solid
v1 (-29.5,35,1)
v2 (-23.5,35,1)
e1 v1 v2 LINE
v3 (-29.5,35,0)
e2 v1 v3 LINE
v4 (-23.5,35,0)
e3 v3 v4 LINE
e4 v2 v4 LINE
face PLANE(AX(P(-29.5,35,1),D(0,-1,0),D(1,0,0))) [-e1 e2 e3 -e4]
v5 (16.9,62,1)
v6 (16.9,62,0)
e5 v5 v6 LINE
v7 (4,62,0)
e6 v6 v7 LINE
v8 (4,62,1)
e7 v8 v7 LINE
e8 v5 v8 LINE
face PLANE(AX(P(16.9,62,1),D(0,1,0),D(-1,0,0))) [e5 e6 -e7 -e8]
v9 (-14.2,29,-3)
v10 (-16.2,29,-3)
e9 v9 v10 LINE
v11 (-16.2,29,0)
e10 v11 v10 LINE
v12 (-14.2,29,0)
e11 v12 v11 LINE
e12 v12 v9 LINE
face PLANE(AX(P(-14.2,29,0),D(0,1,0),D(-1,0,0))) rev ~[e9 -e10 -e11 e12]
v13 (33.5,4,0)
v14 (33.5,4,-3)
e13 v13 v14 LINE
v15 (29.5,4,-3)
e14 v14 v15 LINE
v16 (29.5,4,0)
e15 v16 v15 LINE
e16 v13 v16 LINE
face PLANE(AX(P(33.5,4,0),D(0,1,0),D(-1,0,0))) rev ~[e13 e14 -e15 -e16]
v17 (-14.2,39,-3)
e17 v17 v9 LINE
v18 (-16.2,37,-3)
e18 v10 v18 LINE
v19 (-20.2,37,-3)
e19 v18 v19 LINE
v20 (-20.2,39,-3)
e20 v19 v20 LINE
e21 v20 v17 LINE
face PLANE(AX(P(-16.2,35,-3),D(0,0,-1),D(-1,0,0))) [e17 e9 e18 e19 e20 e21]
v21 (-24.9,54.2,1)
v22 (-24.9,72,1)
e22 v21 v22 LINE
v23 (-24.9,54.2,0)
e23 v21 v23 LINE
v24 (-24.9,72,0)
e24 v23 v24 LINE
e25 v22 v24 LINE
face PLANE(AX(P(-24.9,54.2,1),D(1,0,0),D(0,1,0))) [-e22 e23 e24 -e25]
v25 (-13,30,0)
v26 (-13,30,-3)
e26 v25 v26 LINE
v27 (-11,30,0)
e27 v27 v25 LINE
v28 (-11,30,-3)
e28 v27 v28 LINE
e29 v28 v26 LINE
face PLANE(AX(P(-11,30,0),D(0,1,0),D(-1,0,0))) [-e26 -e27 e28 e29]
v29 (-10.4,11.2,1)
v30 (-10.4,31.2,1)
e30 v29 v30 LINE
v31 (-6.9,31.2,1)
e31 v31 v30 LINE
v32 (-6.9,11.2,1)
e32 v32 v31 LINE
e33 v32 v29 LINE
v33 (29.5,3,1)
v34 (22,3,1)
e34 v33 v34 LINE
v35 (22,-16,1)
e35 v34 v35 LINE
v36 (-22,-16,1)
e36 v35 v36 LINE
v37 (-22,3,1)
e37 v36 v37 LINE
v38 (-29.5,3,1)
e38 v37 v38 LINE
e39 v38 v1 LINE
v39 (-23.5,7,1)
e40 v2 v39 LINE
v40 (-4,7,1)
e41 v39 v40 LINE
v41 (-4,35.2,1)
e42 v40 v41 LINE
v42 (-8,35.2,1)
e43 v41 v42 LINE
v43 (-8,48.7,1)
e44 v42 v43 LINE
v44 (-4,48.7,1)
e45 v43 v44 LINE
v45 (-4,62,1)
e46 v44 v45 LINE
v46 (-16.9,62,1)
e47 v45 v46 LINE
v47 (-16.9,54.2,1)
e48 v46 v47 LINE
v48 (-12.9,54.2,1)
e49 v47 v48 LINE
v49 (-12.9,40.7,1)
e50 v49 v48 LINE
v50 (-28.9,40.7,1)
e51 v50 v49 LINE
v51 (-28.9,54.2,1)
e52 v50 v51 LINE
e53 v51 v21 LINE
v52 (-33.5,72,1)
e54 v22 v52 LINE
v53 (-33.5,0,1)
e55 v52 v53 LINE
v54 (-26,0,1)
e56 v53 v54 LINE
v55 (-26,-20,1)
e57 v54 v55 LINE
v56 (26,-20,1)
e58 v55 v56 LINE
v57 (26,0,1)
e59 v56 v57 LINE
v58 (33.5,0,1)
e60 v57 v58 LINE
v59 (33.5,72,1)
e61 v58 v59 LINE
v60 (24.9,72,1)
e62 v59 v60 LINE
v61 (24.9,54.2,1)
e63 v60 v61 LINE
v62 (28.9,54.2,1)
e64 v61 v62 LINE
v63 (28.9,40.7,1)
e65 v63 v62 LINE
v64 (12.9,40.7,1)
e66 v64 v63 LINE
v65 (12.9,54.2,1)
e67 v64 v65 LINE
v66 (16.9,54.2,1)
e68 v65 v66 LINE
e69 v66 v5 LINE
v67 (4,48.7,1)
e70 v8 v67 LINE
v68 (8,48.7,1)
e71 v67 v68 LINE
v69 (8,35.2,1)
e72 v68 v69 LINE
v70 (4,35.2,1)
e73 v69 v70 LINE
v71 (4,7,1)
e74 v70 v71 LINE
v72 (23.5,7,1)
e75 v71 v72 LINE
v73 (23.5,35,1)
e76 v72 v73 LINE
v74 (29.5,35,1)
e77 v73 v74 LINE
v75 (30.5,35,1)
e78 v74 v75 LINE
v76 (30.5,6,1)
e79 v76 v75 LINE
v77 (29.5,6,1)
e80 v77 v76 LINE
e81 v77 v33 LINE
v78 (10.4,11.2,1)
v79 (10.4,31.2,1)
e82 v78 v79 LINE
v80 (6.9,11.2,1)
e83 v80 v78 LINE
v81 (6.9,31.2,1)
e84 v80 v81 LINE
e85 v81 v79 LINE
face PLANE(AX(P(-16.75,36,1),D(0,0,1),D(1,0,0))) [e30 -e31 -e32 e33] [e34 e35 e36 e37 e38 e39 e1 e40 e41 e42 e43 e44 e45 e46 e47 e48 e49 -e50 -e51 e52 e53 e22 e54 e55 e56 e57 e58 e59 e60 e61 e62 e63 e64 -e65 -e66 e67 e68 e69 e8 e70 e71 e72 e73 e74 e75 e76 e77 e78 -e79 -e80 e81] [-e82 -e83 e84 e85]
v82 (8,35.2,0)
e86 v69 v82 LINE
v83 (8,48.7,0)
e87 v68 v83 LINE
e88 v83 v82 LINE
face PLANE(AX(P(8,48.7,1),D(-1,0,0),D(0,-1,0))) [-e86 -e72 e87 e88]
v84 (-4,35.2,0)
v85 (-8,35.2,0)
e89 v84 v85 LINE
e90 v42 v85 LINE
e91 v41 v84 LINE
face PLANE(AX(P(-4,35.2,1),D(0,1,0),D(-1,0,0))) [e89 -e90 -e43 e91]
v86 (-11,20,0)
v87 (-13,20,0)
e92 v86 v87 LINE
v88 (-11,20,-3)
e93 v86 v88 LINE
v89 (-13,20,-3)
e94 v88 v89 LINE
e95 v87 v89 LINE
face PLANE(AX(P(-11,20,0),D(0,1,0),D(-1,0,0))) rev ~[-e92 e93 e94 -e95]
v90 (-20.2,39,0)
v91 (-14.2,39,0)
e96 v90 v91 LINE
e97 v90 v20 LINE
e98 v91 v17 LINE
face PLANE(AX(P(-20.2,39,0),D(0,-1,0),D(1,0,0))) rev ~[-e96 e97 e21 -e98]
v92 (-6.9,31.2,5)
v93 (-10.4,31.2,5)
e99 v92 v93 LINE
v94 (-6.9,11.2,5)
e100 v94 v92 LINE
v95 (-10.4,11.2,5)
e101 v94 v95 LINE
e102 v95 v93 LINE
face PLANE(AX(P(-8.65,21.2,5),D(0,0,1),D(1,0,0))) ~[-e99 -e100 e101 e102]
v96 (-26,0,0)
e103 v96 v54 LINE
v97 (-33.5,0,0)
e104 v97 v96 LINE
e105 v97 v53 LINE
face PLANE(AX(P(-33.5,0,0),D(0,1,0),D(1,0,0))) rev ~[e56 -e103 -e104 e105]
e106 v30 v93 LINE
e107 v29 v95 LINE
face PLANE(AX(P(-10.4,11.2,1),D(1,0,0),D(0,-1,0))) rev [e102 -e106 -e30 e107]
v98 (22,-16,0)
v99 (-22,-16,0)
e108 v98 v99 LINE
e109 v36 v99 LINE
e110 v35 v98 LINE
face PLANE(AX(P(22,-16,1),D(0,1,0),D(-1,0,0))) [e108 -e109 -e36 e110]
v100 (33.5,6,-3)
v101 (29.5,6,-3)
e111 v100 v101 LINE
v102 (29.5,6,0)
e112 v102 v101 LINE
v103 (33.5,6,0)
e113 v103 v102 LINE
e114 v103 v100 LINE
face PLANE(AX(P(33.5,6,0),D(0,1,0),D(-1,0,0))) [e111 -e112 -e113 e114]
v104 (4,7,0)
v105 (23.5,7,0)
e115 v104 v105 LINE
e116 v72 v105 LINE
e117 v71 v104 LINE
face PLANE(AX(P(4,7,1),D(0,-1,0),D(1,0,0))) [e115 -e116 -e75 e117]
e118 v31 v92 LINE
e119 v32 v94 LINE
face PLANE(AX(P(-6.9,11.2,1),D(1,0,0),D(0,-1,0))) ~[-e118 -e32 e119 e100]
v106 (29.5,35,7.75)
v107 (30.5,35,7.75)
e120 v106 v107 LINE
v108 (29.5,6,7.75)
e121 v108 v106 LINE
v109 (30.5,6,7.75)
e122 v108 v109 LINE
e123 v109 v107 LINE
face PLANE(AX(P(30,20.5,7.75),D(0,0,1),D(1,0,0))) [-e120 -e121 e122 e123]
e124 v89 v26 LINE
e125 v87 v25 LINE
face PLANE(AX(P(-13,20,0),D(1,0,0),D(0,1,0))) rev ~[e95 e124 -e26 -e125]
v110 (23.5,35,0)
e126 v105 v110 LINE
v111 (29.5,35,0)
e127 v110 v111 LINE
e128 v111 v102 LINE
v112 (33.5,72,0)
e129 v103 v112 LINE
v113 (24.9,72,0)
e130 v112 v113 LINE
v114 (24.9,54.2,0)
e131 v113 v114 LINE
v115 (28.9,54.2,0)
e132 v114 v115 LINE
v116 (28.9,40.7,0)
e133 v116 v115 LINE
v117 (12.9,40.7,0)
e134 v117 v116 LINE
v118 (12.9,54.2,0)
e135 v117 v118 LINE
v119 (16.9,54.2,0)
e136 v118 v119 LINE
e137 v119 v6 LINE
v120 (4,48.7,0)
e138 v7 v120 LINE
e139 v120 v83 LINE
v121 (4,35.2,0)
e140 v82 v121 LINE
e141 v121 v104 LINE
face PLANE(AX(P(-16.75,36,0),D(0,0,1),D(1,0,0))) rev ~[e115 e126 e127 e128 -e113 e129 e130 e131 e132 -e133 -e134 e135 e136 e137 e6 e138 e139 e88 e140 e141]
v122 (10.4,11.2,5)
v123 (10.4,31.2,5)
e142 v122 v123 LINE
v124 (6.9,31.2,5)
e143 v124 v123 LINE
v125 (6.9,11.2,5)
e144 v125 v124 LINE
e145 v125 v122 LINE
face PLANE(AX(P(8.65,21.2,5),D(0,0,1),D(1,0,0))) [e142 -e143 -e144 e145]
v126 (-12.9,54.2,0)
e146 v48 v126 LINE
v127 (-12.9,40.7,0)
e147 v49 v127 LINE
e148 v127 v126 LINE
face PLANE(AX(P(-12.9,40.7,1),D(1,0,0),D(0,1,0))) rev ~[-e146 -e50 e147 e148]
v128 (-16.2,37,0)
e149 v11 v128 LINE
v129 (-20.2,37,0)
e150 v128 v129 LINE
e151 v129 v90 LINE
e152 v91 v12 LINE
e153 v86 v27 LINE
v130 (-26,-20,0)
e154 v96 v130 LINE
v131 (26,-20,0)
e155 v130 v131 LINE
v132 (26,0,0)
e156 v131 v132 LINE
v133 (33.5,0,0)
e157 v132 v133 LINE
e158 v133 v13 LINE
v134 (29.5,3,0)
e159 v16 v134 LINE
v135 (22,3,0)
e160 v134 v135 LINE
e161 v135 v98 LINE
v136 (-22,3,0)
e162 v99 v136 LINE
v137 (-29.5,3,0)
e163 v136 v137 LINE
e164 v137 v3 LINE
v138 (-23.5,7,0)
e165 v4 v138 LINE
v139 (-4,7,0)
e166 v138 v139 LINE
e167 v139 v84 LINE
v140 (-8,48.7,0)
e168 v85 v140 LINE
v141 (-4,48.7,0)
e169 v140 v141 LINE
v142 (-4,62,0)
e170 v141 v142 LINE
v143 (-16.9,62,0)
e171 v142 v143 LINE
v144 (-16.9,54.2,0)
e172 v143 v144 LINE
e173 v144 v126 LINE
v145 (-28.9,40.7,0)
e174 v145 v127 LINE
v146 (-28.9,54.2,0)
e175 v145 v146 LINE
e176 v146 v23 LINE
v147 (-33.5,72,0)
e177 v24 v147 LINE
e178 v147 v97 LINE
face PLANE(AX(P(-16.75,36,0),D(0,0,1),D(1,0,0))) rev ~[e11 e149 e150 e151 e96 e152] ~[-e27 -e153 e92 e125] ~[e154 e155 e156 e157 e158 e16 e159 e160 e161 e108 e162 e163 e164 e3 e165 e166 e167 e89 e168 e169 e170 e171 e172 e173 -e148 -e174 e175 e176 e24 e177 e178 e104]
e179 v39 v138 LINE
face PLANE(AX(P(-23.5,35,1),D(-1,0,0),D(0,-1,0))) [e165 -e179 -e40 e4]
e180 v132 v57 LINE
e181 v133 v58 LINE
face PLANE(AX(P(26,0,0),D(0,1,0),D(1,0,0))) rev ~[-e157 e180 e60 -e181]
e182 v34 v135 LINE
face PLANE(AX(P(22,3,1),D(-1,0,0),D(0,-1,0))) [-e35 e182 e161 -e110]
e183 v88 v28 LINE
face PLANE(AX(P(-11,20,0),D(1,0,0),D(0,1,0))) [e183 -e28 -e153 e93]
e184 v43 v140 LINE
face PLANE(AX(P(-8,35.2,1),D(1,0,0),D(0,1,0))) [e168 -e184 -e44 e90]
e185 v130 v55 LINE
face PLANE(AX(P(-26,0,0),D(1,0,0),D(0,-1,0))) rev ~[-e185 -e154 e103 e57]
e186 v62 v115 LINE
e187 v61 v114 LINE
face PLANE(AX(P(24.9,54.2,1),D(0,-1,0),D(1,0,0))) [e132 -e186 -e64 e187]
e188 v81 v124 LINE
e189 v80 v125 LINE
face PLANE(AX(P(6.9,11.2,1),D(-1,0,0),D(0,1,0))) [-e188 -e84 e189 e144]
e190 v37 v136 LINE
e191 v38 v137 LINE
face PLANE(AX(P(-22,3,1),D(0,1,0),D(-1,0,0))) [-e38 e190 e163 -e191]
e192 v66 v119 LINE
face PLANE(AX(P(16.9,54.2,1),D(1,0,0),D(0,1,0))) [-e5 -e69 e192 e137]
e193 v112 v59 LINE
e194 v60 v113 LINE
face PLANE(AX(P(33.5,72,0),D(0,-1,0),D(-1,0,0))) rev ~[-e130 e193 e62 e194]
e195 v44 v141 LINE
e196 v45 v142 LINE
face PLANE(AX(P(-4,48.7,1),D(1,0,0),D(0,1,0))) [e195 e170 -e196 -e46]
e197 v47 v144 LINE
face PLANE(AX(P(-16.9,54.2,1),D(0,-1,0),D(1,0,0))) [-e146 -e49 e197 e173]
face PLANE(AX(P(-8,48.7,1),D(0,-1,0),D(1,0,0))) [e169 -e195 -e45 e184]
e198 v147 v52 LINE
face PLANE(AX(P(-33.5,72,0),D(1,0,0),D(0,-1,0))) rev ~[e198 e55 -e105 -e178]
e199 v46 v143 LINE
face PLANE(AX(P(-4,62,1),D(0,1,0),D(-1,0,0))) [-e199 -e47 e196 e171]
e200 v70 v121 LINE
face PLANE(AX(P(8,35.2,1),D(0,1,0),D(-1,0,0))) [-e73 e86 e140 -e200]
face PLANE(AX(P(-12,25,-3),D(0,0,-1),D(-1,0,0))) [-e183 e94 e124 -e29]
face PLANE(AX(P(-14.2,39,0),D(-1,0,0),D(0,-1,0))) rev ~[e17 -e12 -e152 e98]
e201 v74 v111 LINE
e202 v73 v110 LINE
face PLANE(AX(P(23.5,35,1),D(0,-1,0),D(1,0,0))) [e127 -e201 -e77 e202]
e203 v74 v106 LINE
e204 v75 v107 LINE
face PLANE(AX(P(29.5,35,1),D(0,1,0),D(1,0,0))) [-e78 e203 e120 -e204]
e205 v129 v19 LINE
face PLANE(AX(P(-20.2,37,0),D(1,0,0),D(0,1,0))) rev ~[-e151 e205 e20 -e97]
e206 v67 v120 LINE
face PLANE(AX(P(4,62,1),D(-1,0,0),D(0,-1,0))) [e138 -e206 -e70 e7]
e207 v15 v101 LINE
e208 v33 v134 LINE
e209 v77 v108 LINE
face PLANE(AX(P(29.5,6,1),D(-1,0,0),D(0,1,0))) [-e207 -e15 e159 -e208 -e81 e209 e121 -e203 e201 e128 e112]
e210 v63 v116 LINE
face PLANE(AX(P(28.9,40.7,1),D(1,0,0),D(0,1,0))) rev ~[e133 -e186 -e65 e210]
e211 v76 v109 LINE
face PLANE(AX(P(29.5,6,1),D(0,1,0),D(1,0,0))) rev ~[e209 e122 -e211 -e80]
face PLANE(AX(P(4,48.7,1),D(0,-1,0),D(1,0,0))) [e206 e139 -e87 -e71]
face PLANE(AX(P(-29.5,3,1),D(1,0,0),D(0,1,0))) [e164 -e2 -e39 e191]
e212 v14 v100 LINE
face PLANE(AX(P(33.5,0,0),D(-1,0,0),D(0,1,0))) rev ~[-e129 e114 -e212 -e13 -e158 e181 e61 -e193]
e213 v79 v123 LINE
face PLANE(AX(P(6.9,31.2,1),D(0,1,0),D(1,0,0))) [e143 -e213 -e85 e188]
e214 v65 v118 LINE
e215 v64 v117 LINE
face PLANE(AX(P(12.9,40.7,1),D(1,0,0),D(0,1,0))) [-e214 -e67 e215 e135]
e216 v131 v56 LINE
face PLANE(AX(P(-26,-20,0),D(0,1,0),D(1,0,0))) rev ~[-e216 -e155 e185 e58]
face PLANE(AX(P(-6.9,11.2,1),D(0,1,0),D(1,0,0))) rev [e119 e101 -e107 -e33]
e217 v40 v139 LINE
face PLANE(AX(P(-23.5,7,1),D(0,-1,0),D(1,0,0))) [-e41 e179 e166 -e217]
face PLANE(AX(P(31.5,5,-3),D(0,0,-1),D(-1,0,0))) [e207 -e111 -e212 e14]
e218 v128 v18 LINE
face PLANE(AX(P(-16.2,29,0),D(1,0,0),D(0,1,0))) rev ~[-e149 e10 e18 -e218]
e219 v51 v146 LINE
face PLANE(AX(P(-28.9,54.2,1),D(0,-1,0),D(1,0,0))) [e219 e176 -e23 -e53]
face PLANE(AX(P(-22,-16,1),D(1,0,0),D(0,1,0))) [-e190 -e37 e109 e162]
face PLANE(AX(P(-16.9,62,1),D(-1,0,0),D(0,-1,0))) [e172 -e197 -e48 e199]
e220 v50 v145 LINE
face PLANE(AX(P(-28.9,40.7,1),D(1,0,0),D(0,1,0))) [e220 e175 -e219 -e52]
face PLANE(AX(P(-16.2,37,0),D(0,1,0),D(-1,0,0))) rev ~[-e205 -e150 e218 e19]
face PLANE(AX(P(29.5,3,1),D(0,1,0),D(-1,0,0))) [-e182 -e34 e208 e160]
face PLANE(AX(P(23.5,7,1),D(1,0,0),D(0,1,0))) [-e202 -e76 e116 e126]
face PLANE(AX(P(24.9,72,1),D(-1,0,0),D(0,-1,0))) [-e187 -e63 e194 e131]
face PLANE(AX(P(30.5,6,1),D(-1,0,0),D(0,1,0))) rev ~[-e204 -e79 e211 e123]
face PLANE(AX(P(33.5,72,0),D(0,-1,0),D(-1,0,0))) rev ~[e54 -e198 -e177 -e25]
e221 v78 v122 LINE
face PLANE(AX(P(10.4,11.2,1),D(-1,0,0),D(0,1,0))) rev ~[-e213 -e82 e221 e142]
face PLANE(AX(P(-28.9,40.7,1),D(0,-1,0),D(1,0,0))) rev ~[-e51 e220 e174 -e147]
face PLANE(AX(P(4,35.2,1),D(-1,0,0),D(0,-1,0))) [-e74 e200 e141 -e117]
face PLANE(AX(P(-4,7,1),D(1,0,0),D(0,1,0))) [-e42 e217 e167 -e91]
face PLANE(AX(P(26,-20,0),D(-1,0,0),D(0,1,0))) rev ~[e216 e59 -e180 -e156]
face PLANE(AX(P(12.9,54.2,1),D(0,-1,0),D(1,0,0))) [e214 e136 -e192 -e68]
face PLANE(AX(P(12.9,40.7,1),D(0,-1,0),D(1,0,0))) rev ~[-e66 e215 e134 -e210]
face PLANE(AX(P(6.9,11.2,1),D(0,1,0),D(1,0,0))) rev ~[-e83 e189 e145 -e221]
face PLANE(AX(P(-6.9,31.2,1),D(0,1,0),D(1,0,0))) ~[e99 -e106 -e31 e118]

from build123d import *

# Parameters (mm, degrees)
BOSS_EXTRUDE1_DEPTH = 1
SKETCH2_W           = 16
SKETCH2_H           = 13.5
CUT_EXTRUDE2_DEPTH  = 1
SKETCH5_W           = 1
SKETCH5_H           = 29
BOSS_EXTRUDE3_DEPTH = 6.75
SKETCH6_W           = 3.5
SKETCH6_H           = 20
BOSS_EXTRUDE4_DEPTH = 4
SKETCH7_W           = 4
SKETCH7_H           = 2
SKETCH7_W_2         = 2
SKETCH7_H_2         = 10
BOSS_EXTRUDE5_DEPTH = 3


with BuildPart() as part:
    # Sketch1 → Boss-Extrude1 (new body)
    with BuildSketch(Plane.XY):
        Polygon((0, 0), (0, 72), (-33.5, 72), (-33.5, 0), (-26, 0), align=None)
        Polygon((26, 0), (33.5, 0), (33.5, 72), (0, 72), (0, 0), align=None)
        Polygon((26, -20), (26, 0), (0, 0), (-26, 0), (-26, -20), align=None)
    extrude(amount=BOSS_EXTRUDE1_DEPTH)

    # Sketch2 → Cut-Extrude2 (cut)
    with BuildSketch(Plane.XY.offset(1)):
        Polygon((22, -16), (-22, -16), (-22, 3), (-29.5, 3), (-29.5, 35), (-23.5, 35), (-23.5, 7), (-4, 7), (-4, 35.2), (-8, 35.2), (-8, 48.7), (-4, 48.7), (-4, 62), (-16.9, 62), (-16.9, 54.2), (-24.9, 54.2), (-24.9, 72), (-16.9, 72), (16.9, 72), (24.9, 72), (24.9, 54.2), (16.9, 54.2), (16.9, 62), (4, 62), (4, 48.7), (8, 48.7), (8, 35.2), (4, 35.2), (4, 7), (23.5, 7), (23.5, 35), (29.5, 35), (29.5, 3), (22, 3), align=None)
        with Locations((20.9, 47.45)):
            Rectangle(SKETCH2_W, SKETCH2_H)
        with Locations((-20.9, 47.45)):
            Rectangle(SKETCH2_W, SKETCH2_H)
    extrude(amount=-CUT_EXTRUDE2_DEPTH, mode=Mode.SUBTRACT)

    # Sketch5 → Boss-Extrude3 (add)
    with BuildSketch(Plane.XY.offset(1)):
        with Locations((30, 20.5)):
            Rectangle(SKETCH5_W, SKETCH5_H)
    extrude(amount=BOSS_EXTRUDE3_DEPTH)

    # Sketch6 → Boss-Extrude4 (add)
    with BuildSketch(Plane.XY.offset(1)):
        with Locations((8.65, 21.2)):
            Rectangle(SKETCH6_W, SKETCH6_H)
    boss_extrude4 = extrude(amount=BOSS_EXTRUDE4_DEPTH)

    # Mirror1: Boss-Extrude4 across plane
    add(boss_extrude4.mirror(Plane(origin=(0, 0, 0), x_dir=(0, 0, 1), z_dir=(1, 0, 0))))

    # Sketch7 → Boss-Extrude5 (add)
    with BuildSketch(Plane(origin=(0, 0, 0), x_dir=(-1, 0, 0), z_dir=(0, 0, -1))):
        Polygon((14.2, 29), (16.2, 29), (16.2, 37), (20.2, 37), (20.2, 39), (16.2, 39), (14.2, 39), align=None)
        with Locations((-31.5, 5)):
            Rectangle(SKETCH7_W, SKETCH7_H)
        with Locations((12, 25)):
            Rectangle(SKETCH7_W_2, SKETCH7_H_2)
    extrude(amount=BOSS_EXTRUDE5_DEPTH)


solid = part.part
